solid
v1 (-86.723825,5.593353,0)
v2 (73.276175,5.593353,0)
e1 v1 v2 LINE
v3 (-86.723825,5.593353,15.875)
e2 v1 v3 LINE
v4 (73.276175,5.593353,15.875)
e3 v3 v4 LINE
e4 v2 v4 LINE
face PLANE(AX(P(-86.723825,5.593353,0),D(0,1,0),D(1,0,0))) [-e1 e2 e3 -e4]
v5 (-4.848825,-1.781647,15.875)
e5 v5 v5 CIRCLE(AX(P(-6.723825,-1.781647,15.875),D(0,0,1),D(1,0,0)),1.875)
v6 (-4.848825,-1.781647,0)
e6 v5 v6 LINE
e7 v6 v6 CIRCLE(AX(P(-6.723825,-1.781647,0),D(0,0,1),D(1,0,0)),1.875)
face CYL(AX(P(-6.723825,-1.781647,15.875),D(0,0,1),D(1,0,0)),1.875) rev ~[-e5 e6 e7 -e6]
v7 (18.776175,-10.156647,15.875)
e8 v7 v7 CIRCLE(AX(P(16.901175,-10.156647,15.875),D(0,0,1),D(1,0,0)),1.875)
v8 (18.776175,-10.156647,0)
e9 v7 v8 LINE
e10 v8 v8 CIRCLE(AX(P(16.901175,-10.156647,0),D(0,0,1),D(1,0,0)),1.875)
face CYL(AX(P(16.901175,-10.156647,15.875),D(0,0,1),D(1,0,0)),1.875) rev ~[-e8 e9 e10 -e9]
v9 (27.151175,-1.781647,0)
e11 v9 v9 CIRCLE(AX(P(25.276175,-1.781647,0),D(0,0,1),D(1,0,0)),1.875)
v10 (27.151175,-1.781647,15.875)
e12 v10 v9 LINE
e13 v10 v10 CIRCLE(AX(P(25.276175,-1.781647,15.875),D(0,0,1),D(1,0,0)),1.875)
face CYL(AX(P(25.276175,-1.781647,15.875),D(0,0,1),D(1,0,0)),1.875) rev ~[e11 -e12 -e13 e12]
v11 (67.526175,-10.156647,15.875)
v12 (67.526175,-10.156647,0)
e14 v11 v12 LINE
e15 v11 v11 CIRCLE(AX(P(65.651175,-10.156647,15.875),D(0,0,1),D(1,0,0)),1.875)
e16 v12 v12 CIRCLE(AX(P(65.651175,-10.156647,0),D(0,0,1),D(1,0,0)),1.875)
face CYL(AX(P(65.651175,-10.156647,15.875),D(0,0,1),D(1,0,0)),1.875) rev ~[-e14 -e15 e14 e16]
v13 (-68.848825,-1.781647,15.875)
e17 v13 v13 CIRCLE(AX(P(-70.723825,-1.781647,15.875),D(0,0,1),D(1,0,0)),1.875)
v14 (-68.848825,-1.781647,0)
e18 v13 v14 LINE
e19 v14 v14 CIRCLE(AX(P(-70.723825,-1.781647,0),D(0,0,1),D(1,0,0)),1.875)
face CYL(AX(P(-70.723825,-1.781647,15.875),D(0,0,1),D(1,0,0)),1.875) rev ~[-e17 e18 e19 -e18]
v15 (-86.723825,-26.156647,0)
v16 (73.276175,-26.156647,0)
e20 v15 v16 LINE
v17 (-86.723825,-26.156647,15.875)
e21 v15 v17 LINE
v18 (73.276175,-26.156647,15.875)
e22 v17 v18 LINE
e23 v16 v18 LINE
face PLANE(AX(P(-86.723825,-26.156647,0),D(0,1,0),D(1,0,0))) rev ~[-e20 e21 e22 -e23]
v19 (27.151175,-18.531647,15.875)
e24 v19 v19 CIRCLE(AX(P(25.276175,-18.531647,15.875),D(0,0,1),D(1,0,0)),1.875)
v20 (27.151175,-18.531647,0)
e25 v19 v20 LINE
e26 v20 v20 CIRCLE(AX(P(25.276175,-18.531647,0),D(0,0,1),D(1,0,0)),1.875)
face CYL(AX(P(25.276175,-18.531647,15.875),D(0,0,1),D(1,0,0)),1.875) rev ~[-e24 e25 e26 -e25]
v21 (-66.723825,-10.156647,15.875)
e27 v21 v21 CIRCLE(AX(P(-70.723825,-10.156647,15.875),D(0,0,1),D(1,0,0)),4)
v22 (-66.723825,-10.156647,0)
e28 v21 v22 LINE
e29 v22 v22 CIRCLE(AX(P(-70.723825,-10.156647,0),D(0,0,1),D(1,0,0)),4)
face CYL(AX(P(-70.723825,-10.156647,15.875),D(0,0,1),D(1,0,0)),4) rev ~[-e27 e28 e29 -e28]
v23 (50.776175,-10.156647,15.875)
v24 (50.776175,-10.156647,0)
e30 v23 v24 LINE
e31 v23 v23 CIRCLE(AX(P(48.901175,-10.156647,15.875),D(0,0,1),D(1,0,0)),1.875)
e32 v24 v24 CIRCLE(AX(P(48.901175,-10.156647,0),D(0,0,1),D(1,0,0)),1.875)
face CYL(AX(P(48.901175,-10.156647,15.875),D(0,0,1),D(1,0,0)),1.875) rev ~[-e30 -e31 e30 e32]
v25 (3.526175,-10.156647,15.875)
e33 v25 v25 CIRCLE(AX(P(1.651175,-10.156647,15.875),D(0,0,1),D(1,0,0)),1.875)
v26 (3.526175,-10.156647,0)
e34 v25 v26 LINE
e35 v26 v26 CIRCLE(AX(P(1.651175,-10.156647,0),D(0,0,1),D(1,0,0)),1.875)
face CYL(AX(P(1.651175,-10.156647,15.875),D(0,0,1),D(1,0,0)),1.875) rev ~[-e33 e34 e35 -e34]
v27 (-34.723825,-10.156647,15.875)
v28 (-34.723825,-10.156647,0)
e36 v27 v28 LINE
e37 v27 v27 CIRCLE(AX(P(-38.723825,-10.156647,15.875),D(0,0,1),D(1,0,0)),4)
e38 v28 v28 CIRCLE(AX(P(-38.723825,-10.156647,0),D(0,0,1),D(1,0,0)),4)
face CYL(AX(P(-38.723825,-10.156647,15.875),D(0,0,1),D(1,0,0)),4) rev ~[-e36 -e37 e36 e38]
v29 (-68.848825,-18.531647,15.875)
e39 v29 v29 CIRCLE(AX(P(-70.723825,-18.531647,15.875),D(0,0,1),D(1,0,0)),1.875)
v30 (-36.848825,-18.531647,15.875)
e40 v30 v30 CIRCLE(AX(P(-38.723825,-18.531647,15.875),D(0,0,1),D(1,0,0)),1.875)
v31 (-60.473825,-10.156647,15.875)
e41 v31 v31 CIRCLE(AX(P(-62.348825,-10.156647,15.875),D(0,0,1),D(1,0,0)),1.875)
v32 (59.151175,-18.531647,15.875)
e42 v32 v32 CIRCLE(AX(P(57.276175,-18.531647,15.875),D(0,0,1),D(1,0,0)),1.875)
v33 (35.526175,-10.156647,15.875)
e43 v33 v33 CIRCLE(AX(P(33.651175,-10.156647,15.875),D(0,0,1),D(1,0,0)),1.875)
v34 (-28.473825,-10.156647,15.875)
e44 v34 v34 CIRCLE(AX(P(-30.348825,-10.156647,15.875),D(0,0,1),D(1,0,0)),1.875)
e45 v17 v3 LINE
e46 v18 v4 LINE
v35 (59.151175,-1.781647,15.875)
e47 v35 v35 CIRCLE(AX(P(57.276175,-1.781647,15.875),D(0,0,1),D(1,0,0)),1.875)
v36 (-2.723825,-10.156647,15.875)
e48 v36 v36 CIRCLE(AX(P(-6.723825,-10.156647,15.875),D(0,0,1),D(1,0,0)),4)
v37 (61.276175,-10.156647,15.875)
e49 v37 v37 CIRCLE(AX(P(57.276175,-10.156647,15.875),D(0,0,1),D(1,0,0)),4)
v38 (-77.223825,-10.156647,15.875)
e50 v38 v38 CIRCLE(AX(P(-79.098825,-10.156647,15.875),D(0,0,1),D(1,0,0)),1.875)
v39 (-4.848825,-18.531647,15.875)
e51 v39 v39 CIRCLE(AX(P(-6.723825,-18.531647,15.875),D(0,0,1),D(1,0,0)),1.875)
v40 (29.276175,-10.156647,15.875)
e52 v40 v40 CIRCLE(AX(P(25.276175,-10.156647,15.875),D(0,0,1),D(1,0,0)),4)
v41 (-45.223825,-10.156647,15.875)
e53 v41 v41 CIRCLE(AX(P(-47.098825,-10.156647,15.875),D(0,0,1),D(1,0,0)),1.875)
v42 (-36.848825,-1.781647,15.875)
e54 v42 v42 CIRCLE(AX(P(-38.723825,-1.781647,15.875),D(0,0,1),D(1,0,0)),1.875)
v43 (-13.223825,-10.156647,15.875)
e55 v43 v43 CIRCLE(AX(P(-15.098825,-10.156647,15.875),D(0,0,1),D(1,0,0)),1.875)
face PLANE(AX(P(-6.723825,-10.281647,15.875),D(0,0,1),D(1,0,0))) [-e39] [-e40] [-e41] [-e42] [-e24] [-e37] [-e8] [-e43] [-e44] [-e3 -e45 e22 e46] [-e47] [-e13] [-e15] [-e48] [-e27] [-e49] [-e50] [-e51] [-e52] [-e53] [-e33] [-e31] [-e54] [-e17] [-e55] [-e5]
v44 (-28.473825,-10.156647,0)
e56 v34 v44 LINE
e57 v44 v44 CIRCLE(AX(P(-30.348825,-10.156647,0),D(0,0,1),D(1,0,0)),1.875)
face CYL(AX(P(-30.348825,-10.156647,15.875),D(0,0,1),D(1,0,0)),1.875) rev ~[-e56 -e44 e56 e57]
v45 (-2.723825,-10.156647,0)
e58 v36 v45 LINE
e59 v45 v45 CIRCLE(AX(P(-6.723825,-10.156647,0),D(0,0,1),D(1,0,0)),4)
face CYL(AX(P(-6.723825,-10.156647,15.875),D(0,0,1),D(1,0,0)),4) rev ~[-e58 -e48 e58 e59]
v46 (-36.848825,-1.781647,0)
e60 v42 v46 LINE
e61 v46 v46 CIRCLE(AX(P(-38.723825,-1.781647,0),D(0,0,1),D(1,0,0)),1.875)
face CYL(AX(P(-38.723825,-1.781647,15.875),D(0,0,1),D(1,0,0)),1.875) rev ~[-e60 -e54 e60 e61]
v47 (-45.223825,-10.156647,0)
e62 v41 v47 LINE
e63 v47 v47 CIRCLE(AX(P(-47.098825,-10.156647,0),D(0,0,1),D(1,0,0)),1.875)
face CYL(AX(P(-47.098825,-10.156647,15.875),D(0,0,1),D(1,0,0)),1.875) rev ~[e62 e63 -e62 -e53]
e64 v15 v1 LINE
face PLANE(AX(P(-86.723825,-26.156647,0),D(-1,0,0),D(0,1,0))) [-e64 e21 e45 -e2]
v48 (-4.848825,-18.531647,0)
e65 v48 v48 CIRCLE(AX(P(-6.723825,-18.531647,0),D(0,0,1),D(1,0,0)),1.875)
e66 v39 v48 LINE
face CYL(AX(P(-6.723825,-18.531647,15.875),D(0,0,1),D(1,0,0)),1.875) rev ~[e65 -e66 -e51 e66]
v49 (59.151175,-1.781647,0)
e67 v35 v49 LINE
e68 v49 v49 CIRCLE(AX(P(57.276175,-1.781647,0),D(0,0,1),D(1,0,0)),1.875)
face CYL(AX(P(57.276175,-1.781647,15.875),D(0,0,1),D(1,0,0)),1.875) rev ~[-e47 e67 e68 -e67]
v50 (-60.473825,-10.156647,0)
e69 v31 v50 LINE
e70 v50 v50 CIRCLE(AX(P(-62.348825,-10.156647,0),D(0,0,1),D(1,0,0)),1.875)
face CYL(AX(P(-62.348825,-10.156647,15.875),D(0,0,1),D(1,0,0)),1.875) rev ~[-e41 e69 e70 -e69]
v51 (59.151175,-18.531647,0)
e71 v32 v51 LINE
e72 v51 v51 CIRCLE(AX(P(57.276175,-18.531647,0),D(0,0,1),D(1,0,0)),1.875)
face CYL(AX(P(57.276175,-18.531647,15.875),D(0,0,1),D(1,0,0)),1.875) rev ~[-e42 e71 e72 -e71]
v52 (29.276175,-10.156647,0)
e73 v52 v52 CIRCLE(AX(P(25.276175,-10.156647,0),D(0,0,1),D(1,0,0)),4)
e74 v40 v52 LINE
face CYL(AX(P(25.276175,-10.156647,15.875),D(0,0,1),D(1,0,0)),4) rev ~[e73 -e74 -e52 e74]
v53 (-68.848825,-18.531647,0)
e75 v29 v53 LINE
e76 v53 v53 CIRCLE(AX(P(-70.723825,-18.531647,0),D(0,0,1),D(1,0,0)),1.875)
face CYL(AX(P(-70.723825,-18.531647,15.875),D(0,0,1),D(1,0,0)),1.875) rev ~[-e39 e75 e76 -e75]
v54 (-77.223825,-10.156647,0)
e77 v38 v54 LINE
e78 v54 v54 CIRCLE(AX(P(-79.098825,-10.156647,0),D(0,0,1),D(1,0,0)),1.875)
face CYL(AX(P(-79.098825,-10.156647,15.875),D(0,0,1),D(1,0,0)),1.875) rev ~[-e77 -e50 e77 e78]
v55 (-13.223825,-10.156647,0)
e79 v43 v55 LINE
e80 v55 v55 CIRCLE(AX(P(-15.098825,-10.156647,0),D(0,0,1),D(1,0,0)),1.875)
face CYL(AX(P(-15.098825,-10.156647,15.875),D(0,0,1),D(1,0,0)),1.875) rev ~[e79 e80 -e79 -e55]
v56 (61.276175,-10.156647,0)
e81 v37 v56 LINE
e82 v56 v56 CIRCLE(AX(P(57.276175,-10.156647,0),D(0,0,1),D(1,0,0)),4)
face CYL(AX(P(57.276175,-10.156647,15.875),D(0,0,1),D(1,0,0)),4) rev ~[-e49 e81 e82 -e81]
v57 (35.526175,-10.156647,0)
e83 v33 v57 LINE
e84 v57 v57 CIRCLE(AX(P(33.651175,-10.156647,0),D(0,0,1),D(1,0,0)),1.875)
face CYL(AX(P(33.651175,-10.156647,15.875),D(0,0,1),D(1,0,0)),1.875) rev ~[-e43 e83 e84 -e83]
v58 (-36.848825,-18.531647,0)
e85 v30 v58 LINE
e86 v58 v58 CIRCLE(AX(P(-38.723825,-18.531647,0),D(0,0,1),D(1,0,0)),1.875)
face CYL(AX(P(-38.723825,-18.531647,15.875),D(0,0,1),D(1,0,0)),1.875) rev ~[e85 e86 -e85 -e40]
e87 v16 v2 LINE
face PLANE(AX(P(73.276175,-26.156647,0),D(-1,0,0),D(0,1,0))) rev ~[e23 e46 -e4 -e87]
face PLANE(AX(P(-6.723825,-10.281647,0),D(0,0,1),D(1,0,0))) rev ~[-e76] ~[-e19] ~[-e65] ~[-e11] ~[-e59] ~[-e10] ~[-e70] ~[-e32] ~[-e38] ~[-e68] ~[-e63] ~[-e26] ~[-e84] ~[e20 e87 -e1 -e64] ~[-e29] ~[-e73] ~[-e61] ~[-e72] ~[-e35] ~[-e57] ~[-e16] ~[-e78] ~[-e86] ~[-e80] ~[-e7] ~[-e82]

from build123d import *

# Parameters (mm, degrees)
F0_W     = 160
F0_H     = 31.75
F1_DEPTH = 15.875
F2_R     = 4
F2_R_2   = 1.875
F3_DEPTH = 25.4


with BuildPart() as f1:
    # F0 (on Top) → F1 (new body)
    with BuildSketch(Plane.XY):
        with Locations((-6.723825, -10.281647)):
            Rectangle(F0_W, F0_H)
    extrude(amount=F1_DEPTH)

    # F2 (on face) → F3 (cut)
    with BuildSketch(Plane.XY.offset(15.875)):
        with Locations((-70.723825, -10.156647)):
            Circle(F2_R)
        with Locations((-70.723825, -1.781647)):
            Circle(F2_R_2)
        with Locations((-79.098825, -10.156647)):
            Circle(F2_R_2)
        with Locations((-70.723825, -18.531647)):
            Circle(F2_R_2)
        with Locations((-62.348825, -10.156647)):
            Circle(F2_R_2)
        with Locations((-38.723825, -10.156647)):
            Circle(F2_R)
        with Locations((-38.723825, -1.781647)):
            Circle(F2_R_2)
        with Locations((-47.098825, -10.156647)):
            Circle(F2_R_2)
        with Locations((-38.723825, -18.531647)):
            Circle(F2_R_2)
        with Locations((-30.348825, -10.156647)):
            Circle(F2_R_2)
        with Locations((-6.723825, -10.156647)):
            Circle(F2_R)
        with Locations((-15.098825, -10.156647)):
            Circle(F2_R_2)
        with Locations((-6.723825, -1.781647)):
            Circle(F2_R_2)
        with Locations((-6.723825, -18.531647)):
            Circle(F2_R_2)
        with Locations((1.651175, -10.156647)):
            Circle(F2_R_2)
        with Locations((25.276175, -10.156647)):
            Circle(F2_R)
        with Locations((16.901175, -10.156647)):
            Circle(F2_R_2)
        with Locations((25.276175, -1.781647)):
            Circle(F2_R_2)
        with Locations((25.276175, -18.531647)):
            Circle(F2_R_2)
        with Locations((57.276175, -10.156647)):
            Circle(F2_R)
        with Locations((48.901175, -10.156647)):
            Circle(F2_R_2)
        with Locations((57.276175, -18.531647)):
            Circle(F2_R_2)
        with Locations((65.651175, -10.156647)):
            Circle(F2_R_2)
        with Locations((57.276175, -1.781647)):
            Circle(F2_R_2)
        with Locations((33.651175, -10.156647)):
            Circle(F2_R_2)
    extrude(amount=-F3_DEPTH, mode=Mode.SUBTRACT)


solid = f1.part
